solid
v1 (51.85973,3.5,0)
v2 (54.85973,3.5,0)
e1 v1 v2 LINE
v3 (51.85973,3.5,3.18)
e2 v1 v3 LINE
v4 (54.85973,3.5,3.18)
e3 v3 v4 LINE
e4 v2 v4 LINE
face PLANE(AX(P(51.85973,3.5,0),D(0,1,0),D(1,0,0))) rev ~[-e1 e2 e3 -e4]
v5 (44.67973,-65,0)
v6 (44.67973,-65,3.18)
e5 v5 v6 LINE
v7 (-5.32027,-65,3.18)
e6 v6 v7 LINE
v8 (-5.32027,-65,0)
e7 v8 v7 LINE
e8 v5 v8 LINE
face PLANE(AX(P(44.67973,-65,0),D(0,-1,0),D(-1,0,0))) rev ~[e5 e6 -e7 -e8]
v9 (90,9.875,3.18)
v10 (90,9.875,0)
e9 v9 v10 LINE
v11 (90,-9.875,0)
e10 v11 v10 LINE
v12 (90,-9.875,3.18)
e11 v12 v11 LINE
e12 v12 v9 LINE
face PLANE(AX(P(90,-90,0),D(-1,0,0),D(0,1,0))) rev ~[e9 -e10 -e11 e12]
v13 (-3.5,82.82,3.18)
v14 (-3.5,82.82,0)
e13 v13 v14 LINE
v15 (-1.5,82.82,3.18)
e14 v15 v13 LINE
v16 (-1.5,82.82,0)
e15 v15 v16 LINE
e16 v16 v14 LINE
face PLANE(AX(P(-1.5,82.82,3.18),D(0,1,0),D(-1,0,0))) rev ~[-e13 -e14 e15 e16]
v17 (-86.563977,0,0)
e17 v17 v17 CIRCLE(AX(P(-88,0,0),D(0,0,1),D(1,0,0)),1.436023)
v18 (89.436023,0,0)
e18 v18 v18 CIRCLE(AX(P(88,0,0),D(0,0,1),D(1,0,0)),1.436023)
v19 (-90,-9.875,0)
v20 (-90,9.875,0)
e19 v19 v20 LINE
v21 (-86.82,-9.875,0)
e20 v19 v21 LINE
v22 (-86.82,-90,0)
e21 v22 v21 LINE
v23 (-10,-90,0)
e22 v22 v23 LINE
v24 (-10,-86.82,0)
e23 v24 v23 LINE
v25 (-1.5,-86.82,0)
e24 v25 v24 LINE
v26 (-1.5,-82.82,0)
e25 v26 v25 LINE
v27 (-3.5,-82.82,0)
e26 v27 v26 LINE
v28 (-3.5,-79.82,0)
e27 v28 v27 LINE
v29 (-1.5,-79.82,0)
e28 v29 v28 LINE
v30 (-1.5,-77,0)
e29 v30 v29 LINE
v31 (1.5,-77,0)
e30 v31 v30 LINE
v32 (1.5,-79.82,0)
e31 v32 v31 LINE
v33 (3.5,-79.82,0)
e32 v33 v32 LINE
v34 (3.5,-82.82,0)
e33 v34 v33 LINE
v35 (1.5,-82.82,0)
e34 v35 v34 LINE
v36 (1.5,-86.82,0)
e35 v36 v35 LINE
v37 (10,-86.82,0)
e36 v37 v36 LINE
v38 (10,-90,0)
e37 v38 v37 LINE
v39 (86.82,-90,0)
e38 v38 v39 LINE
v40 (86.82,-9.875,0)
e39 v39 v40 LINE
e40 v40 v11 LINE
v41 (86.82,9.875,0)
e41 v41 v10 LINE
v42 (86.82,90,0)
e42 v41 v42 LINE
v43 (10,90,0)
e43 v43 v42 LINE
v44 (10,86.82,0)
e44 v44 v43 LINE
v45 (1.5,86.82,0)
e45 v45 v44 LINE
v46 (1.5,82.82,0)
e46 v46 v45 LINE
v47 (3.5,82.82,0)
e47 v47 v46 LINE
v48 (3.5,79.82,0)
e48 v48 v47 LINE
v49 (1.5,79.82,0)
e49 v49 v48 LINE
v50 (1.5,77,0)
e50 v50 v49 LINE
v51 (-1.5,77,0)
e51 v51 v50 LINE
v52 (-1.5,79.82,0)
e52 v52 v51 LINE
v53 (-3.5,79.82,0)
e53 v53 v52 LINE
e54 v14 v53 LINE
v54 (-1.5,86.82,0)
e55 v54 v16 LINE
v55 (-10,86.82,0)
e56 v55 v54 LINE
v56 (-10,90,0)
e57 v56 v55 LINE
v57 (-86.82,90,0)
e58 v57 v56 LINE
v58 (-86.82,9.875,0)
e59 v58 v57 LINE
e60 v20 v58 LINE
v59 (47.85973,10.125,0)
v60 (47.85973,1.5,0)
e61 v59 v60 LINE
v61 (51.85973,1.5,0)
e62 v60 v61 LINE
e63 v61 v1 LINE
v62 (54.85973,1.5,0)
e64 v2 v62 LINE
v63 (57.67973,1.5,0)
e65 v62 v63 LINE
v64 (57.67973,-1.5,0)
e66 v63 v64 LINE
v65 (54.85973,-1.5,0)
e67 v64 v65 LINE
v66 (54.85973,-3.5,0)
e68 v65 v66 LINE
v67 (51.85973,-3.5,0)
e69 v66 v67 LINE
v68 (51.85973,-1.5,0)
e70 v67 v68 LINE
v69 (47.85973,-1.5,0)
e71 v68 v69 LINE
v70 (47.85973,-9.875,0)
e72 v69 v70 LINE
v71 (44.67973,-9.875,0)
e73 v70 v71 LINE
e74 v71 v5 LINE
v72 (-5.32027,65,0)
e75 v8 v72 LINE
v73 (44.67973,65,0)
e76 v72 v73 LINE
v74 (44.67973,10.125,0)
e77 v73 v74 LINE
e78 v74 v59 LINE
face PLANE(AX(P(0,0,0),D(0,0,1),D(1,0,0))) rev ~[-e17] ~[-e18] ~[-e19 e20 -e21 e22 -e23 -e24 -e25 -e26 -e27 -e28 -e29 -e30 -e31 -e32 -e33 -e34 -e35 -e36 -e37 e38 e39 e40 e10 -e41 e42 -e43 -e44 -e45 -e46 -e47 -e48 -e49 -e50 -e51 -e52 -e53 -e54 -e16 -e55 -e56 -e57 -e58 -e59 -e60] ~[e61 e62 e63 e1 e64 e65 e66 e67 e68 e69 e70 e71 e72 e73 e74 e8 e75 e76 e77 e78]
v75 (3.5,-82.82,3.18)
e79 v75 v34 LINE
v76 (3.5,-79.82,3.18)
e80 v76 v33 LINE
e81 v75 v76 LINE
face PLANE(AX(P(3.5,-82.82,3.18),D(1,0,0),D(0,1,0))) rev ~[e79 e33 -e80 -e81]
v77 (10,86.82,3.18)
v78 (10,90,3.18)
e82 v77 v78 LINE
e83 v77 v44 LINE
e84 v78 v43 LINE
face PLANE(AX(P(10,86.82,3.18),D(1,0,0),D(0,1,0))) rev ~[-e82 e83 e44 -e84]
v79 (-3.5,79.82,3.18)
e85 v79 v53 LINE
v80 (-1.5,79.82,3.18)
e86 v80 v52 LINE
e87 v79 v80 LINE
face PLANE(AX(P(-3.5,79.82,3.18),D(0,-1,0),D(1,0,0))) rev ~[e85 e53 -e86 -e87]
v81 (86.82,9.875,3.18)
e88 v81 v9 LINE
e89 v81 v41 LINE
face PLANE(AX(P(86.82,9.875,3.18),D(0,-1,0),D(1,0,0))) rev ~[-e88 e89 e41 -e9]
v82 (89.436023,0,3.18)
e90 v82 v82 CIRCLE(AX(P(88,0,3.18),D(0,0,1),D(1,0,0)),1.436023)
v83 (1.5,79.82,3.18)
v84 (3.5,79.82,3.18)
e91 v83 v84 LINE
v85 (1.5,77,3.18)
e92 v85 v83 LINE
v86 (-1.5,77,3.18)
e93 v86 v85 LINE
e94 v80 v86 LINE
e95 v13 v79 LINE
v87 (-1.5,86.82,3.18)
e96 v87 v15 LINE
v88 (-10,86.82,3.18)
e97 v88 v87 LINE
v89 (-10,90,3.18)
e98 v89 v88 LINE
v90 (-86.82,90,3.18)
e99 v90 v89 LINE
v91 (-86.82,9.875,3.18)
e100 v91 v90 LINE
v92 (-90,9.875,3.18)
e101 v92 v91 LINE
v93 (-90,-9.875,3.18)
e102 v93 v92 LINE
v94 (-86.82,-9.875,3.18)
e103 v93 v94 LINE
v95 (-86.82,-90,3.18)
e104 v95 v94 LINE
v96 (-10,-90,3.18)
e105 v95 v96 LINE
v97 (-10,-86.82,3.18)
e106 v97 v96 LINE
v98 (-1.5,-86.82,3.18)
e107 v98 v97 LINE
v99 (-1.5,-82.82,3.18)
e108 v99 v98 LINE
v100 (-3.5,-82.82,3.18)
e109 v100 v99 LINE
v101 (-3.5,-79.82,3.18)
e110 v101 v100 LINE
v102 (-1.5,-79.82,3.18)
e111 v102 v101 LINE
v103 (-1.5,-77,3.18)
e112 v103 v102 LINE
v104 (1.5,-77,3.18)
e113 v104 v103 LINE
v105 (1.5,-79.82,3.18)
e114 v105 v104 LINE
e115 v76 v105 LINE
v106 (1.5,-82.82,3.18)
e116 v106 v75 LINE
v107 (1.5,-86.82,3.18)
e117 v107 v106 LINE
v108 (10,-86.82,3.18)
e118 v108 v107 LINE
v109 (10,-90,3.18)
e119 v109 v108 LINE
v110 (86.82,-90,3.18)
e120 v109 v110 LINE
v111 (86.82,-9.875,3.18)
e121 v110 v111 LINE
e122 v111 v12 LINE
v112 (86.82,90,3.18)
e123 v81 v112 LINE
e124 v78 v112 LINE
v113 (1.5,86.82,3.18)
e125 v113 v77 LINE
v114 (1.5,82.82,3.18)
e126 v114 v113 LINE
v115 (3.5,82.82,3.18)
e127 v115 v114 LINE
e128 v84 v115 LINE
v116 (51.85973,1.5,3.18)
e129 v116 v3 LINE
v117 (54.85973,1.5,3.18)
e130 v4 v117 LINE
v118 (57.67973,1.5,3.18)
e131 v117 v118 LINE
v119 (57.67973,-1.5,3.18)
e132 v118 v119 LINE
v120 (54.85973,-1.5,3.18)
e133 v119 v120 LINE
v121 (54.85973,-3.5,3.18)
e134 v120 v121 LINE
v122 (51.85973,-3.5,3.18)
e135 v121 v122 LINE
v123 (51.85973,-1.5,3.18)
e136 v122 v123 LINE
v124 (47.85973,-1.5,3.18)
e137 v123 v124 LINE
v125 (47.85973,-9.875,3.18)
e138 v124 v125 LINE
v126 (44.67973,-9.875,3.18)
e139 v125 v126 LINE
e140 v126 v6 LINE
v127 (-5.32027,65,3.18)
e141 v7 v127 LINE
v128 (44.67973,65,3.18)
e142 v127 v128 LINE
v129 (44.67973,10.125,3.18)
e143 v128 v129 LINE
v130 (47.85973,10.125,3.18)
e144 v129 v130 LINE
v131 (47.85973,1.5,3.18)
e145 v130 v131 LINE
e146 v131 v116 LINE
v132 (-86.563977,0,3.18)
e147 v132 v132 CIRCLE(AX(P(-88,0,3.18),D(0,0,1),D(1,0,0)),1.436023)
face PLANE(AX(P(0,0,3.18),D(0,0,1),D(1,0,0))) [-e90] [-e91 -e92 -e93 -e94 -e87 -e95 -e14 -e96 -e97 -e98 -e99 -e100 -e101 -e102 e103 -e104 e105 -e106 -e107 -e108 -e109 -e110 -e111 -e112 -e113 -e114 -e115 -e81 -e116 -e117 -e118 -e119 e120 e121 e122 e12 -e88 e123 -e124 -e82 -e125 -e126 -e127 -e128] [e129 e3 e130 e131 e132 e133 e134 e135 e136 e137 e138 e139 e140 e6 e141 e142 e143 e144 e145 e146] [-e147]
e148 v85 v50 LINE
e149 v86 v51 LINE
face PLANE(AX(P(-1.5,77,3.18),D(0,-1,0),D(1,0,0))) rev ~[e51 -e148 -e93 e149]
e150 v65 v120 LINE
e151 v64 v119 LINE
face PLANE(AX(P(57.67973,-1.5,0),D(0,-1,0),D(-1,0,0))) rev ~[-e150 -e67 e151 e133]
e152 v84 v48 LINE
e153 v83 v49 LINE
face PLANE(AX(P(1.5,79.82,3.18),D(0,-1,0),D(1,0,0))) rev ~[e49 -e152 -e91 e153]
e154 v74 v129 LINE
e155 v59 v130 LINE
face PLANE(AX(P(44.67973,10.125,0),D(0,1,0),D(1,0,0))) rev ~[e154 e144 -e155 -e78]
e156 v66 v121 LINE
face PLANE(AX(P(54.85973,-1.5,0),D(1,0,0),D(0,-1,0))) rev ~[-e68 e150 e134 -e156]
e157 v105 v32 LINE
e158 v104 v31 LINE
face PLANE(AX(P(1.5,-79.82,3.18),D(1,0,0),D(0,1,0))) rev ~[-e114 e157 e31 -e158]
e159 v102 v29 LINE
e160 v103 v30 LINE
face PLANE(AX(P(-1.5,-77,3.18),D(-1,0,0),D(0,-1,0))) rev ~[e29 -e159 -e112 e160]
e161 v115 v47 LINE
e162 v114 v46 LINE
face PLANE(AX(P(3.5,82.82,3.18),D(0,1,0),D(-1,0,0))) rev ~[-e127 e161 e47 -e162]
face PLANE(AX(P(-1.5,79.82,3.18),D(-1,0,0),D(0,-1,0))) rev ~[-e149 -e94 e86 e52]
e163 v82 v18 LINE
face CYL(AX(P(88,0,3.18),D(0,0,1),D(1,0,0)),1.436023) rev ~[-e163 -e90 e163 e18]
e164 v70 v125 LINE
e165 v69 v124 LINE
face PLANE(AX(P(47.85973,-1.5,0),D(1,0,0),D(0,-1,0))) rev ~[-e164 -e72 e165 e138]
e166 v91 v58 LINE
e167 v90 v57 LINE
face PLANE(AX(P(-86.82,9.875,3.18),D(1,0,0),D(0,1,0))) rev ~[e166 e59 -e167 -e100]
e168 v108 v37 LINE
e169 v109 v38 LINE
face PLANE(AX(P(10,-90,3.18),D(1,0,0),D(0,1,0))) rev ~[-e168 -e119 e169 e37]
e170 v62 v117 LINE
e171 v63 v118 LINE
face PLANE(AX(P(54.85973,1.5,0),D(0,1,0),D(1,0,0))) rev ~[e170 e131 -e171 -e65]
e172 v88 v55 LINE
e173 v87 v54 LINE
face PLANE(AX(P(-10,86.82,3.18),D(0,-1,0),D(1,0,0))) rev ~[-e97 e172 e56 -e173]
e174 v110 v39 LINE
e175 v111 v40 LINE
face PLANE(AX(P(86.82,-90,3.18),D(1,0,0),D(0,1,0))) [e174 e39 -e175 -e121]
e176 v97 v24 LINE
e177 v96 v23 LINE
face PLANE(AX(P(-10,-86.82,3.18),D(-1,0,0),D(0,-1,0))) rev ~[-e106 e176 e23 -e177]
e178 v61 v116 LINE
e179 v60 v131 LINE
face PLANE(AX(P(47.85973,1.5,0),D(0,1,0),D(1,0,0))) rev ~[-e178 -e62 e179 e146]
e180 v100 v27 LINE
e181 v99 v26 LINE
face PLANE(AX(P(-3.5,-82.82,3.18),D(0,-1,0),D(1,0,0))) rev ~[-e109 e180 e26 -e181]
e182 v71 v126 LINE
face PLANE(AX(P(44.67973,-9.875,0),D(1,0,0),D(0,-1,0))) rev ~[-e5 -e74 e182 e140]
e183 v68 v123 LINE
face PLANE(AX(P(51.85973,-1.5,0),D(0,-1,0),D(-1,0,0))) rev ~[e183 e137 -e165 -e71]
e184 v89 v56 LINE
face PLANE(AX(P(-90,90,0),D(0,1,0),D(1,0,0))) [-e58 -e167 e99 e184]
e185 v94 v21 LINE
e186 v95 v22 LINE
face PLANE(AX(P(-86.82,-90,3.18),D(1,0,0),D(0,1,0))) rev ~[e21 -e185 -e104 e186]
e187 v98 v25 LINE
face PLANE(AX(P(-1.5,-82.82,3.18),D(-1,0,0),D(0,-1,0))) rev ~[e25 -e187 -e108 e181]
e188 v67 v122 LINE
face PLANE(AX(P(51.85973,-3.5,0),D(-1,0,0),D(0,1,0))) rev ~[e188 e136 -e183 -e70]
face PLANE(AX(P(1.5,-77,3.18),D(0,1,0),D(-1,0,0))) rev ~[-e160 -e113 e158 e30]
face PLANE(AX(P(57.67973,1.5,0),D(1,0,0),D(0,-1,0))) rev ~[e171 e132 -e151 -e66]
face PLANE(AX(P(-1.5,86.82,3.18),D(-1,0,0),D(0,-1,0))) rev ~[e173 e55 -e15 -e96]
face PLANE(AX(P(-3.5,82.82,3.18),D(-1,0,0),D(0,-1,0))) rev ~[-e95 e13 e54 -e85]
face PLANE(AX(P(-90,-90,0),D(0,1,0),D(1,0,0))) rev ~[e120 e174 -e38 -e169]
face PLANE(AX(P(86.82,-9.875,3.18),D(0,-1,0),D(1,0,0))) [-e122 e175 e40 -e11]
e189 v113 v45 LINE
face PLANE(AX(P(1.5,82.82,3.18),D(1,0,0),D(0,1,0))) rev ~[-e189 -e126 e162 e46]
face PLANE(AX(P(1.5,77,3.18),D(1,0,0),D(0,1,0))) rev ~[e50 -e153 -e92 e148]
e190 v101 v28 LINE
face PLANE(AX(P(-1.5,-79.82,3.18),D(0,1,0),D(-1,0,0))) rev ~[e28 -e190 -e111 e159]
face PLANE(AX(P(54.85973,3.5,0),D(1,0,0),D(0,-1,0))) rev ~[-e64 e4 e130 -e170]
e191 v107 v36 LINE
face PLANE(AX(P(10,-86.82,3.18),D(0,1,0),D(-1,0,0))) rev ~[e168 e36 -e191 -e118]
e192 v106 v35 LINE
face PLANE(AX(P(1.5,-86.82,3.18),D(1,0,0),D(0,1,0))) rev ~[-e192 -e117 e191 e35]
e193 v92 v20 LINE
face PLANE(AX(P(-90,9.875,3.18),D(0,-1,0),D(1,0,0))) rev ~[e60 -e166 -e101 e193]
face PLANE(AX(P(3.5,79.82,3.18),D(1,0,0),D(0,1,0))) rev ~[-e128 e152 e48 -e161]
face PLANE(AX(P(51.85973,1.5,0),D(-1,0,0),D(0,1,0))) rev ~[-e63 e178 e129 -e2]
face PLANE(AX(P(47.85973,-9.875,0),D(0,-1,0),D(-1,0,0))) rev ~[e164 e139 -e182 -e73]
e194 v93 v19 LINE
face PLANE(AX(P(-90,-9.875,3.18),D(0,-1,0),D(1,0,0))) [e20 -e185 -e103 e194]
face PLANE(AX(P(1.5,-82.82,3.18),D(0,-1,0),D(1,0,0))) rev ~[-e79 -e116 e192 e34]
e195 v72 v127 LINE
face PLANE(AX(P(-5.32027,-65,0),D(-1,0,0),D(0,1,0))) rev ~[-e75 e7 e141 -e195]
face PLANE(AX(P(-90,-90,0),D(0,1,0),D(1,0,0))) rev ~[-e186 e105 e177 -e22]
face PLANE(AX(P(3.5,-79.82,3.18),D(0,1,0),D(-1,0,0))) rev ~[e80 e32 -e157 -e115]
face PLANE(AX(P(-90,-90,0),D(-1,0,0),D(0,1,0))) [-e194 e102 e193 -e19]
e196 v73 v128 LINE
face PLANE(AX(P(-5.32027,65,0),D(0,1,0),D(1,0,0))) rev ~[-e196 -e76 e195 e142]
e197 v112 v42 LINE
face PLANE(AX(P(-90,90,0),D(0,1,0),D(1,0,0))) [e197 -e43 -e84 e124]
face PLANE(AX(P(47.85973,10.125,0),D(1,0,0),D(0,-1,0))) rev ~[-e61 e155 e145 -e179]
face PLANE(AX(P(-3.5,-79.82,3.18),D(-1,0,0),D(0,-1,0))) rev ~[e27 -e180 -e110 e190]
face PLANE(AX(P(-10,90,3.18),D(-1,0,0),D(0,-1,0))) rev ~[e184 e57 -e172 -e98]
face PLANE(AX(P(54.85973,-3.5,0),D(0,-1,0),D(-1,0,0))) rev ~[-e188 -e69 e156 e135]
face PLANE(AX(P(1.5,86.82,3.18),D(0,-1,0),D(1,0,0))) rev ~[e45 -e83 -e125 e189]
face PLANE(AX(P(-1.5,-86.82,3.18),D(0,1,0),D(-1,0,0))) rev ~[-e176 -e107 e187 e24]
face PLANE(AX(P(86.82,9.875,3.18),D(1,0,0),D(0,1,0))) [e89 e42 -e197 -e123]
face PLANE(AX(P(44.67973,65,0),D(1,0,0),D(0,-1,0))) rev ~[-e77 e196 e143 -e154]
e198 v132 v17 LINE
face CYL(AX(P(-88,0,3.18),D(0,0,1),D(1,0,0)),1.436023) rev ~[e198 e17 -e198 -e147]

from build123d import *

# Parameters (mm, degrees)
SKETCH3_W           = 180
SKETCH3_H           = 180
BOSS_EXTRUDE1_DEPTH = 3.18
CUT_EXTRUDE1_DEPTH  = 128.318939675
SKETCH5_R           = 1.436023081
SKETCH5_W           = 3.18
SKETCH5_H           = 80.125
CUT_EXTRUDE2_DEPTH  = 128.318939675


with BuildPart() as part:
    # Sketch3 → Boss-Extrude1 (new body)
    with BuildSketch(Plane.XY):
        Rectangle(SKETCH3_W, SKETCH3_H)
        Polygon((44.679729843, -65), (-5.320270157, -65), (-5.320270157, 65), (44.679729843, 65), (44.679729843, 10.125), (47.859729843, 10.125), (47.859729843, 1.5), (51.859729843, 1.5), (51.859729843, 3.5), (54.859729843, 3.5), (54.859729843, 1.5), (57.679729843, 1.5), (57.679729843, -1.5), (54.859729843, -1.5), (54.859729843, -3.5), (51.859729843, -3.5), (51.859729843, -1.5), (47.859729843, -1.5), (47.859729843, -9.875), (44.679729843, -9.875), align=None, mode=Mode.SUBTRACT)
    extrude(amount=BOSS_EXTRUDE1_DEPTH)

    # Sketch4 → Cut-Extrude1 (cut, through all)
    with BuildSketch(Plane.XY.offset(3.18)):
        Polygon((1.5, 86.82), (10, 86.82), (10, 90), (-10, 90), (-10, 86.82), (-1.5, 86.82), (-1.5, 82.82), (-3.5, 82.82), (-3.5, 79.82), (-1.5, 79.82), (-1.5, 77), (1.5, 77), (1.5, 79.82), (3.5, 79.82), (3.5, 82.82), (1.5, 82.82), align=None)
        Polygon((1.5, -79.82), (1.5, -77), (-1.5, -77), (-1.5, -79.82), (-3.5, -79.82), (-3.5, -82.82), (-1.5, -82.82), (-1.5, -86.82), (-10, -86.82), (-10, -90), (10, -90), (10, -86.82), (1.5, -86.82), (1.5, -82.82), (3.5, -82.82), (3.5, -79.82), align=None)
    extrude(amount=-CUT_EXTRUDE1_DEPTH, mode=Mode.SUBTRACT)

    # Sketch5 → Cut-Extrude2 (cut, through all)
    with BuildSketch(Plane.XY.offset(3.18)):
        with Locations((-88, 0)):
            Circle(SKETCH5_R)
        with Locations((88, 0)):
            Circle(SKETCH5_R)
        with Locations((-88.41, 49.9375)):
            Rectangle(SKETCH5_W, SKETCH5_H)
        with Locations((-88.41, -49.9375)):
            Rectangle(SKETCH5_W, SKETCH5_H)
        with Locations((88.41, -49.9375)):
            Rectangle(SKETCH5_W, SKETCH5_H)
        with Locations((88.41, 49.9375)):
            Rectangle(SKETCH5_W, SKETCH5_H)
    extrude(amount=-CUT_EXTRUDE2_DEPTH, mode=Mode.SUBTRACT)


solid = part.part
